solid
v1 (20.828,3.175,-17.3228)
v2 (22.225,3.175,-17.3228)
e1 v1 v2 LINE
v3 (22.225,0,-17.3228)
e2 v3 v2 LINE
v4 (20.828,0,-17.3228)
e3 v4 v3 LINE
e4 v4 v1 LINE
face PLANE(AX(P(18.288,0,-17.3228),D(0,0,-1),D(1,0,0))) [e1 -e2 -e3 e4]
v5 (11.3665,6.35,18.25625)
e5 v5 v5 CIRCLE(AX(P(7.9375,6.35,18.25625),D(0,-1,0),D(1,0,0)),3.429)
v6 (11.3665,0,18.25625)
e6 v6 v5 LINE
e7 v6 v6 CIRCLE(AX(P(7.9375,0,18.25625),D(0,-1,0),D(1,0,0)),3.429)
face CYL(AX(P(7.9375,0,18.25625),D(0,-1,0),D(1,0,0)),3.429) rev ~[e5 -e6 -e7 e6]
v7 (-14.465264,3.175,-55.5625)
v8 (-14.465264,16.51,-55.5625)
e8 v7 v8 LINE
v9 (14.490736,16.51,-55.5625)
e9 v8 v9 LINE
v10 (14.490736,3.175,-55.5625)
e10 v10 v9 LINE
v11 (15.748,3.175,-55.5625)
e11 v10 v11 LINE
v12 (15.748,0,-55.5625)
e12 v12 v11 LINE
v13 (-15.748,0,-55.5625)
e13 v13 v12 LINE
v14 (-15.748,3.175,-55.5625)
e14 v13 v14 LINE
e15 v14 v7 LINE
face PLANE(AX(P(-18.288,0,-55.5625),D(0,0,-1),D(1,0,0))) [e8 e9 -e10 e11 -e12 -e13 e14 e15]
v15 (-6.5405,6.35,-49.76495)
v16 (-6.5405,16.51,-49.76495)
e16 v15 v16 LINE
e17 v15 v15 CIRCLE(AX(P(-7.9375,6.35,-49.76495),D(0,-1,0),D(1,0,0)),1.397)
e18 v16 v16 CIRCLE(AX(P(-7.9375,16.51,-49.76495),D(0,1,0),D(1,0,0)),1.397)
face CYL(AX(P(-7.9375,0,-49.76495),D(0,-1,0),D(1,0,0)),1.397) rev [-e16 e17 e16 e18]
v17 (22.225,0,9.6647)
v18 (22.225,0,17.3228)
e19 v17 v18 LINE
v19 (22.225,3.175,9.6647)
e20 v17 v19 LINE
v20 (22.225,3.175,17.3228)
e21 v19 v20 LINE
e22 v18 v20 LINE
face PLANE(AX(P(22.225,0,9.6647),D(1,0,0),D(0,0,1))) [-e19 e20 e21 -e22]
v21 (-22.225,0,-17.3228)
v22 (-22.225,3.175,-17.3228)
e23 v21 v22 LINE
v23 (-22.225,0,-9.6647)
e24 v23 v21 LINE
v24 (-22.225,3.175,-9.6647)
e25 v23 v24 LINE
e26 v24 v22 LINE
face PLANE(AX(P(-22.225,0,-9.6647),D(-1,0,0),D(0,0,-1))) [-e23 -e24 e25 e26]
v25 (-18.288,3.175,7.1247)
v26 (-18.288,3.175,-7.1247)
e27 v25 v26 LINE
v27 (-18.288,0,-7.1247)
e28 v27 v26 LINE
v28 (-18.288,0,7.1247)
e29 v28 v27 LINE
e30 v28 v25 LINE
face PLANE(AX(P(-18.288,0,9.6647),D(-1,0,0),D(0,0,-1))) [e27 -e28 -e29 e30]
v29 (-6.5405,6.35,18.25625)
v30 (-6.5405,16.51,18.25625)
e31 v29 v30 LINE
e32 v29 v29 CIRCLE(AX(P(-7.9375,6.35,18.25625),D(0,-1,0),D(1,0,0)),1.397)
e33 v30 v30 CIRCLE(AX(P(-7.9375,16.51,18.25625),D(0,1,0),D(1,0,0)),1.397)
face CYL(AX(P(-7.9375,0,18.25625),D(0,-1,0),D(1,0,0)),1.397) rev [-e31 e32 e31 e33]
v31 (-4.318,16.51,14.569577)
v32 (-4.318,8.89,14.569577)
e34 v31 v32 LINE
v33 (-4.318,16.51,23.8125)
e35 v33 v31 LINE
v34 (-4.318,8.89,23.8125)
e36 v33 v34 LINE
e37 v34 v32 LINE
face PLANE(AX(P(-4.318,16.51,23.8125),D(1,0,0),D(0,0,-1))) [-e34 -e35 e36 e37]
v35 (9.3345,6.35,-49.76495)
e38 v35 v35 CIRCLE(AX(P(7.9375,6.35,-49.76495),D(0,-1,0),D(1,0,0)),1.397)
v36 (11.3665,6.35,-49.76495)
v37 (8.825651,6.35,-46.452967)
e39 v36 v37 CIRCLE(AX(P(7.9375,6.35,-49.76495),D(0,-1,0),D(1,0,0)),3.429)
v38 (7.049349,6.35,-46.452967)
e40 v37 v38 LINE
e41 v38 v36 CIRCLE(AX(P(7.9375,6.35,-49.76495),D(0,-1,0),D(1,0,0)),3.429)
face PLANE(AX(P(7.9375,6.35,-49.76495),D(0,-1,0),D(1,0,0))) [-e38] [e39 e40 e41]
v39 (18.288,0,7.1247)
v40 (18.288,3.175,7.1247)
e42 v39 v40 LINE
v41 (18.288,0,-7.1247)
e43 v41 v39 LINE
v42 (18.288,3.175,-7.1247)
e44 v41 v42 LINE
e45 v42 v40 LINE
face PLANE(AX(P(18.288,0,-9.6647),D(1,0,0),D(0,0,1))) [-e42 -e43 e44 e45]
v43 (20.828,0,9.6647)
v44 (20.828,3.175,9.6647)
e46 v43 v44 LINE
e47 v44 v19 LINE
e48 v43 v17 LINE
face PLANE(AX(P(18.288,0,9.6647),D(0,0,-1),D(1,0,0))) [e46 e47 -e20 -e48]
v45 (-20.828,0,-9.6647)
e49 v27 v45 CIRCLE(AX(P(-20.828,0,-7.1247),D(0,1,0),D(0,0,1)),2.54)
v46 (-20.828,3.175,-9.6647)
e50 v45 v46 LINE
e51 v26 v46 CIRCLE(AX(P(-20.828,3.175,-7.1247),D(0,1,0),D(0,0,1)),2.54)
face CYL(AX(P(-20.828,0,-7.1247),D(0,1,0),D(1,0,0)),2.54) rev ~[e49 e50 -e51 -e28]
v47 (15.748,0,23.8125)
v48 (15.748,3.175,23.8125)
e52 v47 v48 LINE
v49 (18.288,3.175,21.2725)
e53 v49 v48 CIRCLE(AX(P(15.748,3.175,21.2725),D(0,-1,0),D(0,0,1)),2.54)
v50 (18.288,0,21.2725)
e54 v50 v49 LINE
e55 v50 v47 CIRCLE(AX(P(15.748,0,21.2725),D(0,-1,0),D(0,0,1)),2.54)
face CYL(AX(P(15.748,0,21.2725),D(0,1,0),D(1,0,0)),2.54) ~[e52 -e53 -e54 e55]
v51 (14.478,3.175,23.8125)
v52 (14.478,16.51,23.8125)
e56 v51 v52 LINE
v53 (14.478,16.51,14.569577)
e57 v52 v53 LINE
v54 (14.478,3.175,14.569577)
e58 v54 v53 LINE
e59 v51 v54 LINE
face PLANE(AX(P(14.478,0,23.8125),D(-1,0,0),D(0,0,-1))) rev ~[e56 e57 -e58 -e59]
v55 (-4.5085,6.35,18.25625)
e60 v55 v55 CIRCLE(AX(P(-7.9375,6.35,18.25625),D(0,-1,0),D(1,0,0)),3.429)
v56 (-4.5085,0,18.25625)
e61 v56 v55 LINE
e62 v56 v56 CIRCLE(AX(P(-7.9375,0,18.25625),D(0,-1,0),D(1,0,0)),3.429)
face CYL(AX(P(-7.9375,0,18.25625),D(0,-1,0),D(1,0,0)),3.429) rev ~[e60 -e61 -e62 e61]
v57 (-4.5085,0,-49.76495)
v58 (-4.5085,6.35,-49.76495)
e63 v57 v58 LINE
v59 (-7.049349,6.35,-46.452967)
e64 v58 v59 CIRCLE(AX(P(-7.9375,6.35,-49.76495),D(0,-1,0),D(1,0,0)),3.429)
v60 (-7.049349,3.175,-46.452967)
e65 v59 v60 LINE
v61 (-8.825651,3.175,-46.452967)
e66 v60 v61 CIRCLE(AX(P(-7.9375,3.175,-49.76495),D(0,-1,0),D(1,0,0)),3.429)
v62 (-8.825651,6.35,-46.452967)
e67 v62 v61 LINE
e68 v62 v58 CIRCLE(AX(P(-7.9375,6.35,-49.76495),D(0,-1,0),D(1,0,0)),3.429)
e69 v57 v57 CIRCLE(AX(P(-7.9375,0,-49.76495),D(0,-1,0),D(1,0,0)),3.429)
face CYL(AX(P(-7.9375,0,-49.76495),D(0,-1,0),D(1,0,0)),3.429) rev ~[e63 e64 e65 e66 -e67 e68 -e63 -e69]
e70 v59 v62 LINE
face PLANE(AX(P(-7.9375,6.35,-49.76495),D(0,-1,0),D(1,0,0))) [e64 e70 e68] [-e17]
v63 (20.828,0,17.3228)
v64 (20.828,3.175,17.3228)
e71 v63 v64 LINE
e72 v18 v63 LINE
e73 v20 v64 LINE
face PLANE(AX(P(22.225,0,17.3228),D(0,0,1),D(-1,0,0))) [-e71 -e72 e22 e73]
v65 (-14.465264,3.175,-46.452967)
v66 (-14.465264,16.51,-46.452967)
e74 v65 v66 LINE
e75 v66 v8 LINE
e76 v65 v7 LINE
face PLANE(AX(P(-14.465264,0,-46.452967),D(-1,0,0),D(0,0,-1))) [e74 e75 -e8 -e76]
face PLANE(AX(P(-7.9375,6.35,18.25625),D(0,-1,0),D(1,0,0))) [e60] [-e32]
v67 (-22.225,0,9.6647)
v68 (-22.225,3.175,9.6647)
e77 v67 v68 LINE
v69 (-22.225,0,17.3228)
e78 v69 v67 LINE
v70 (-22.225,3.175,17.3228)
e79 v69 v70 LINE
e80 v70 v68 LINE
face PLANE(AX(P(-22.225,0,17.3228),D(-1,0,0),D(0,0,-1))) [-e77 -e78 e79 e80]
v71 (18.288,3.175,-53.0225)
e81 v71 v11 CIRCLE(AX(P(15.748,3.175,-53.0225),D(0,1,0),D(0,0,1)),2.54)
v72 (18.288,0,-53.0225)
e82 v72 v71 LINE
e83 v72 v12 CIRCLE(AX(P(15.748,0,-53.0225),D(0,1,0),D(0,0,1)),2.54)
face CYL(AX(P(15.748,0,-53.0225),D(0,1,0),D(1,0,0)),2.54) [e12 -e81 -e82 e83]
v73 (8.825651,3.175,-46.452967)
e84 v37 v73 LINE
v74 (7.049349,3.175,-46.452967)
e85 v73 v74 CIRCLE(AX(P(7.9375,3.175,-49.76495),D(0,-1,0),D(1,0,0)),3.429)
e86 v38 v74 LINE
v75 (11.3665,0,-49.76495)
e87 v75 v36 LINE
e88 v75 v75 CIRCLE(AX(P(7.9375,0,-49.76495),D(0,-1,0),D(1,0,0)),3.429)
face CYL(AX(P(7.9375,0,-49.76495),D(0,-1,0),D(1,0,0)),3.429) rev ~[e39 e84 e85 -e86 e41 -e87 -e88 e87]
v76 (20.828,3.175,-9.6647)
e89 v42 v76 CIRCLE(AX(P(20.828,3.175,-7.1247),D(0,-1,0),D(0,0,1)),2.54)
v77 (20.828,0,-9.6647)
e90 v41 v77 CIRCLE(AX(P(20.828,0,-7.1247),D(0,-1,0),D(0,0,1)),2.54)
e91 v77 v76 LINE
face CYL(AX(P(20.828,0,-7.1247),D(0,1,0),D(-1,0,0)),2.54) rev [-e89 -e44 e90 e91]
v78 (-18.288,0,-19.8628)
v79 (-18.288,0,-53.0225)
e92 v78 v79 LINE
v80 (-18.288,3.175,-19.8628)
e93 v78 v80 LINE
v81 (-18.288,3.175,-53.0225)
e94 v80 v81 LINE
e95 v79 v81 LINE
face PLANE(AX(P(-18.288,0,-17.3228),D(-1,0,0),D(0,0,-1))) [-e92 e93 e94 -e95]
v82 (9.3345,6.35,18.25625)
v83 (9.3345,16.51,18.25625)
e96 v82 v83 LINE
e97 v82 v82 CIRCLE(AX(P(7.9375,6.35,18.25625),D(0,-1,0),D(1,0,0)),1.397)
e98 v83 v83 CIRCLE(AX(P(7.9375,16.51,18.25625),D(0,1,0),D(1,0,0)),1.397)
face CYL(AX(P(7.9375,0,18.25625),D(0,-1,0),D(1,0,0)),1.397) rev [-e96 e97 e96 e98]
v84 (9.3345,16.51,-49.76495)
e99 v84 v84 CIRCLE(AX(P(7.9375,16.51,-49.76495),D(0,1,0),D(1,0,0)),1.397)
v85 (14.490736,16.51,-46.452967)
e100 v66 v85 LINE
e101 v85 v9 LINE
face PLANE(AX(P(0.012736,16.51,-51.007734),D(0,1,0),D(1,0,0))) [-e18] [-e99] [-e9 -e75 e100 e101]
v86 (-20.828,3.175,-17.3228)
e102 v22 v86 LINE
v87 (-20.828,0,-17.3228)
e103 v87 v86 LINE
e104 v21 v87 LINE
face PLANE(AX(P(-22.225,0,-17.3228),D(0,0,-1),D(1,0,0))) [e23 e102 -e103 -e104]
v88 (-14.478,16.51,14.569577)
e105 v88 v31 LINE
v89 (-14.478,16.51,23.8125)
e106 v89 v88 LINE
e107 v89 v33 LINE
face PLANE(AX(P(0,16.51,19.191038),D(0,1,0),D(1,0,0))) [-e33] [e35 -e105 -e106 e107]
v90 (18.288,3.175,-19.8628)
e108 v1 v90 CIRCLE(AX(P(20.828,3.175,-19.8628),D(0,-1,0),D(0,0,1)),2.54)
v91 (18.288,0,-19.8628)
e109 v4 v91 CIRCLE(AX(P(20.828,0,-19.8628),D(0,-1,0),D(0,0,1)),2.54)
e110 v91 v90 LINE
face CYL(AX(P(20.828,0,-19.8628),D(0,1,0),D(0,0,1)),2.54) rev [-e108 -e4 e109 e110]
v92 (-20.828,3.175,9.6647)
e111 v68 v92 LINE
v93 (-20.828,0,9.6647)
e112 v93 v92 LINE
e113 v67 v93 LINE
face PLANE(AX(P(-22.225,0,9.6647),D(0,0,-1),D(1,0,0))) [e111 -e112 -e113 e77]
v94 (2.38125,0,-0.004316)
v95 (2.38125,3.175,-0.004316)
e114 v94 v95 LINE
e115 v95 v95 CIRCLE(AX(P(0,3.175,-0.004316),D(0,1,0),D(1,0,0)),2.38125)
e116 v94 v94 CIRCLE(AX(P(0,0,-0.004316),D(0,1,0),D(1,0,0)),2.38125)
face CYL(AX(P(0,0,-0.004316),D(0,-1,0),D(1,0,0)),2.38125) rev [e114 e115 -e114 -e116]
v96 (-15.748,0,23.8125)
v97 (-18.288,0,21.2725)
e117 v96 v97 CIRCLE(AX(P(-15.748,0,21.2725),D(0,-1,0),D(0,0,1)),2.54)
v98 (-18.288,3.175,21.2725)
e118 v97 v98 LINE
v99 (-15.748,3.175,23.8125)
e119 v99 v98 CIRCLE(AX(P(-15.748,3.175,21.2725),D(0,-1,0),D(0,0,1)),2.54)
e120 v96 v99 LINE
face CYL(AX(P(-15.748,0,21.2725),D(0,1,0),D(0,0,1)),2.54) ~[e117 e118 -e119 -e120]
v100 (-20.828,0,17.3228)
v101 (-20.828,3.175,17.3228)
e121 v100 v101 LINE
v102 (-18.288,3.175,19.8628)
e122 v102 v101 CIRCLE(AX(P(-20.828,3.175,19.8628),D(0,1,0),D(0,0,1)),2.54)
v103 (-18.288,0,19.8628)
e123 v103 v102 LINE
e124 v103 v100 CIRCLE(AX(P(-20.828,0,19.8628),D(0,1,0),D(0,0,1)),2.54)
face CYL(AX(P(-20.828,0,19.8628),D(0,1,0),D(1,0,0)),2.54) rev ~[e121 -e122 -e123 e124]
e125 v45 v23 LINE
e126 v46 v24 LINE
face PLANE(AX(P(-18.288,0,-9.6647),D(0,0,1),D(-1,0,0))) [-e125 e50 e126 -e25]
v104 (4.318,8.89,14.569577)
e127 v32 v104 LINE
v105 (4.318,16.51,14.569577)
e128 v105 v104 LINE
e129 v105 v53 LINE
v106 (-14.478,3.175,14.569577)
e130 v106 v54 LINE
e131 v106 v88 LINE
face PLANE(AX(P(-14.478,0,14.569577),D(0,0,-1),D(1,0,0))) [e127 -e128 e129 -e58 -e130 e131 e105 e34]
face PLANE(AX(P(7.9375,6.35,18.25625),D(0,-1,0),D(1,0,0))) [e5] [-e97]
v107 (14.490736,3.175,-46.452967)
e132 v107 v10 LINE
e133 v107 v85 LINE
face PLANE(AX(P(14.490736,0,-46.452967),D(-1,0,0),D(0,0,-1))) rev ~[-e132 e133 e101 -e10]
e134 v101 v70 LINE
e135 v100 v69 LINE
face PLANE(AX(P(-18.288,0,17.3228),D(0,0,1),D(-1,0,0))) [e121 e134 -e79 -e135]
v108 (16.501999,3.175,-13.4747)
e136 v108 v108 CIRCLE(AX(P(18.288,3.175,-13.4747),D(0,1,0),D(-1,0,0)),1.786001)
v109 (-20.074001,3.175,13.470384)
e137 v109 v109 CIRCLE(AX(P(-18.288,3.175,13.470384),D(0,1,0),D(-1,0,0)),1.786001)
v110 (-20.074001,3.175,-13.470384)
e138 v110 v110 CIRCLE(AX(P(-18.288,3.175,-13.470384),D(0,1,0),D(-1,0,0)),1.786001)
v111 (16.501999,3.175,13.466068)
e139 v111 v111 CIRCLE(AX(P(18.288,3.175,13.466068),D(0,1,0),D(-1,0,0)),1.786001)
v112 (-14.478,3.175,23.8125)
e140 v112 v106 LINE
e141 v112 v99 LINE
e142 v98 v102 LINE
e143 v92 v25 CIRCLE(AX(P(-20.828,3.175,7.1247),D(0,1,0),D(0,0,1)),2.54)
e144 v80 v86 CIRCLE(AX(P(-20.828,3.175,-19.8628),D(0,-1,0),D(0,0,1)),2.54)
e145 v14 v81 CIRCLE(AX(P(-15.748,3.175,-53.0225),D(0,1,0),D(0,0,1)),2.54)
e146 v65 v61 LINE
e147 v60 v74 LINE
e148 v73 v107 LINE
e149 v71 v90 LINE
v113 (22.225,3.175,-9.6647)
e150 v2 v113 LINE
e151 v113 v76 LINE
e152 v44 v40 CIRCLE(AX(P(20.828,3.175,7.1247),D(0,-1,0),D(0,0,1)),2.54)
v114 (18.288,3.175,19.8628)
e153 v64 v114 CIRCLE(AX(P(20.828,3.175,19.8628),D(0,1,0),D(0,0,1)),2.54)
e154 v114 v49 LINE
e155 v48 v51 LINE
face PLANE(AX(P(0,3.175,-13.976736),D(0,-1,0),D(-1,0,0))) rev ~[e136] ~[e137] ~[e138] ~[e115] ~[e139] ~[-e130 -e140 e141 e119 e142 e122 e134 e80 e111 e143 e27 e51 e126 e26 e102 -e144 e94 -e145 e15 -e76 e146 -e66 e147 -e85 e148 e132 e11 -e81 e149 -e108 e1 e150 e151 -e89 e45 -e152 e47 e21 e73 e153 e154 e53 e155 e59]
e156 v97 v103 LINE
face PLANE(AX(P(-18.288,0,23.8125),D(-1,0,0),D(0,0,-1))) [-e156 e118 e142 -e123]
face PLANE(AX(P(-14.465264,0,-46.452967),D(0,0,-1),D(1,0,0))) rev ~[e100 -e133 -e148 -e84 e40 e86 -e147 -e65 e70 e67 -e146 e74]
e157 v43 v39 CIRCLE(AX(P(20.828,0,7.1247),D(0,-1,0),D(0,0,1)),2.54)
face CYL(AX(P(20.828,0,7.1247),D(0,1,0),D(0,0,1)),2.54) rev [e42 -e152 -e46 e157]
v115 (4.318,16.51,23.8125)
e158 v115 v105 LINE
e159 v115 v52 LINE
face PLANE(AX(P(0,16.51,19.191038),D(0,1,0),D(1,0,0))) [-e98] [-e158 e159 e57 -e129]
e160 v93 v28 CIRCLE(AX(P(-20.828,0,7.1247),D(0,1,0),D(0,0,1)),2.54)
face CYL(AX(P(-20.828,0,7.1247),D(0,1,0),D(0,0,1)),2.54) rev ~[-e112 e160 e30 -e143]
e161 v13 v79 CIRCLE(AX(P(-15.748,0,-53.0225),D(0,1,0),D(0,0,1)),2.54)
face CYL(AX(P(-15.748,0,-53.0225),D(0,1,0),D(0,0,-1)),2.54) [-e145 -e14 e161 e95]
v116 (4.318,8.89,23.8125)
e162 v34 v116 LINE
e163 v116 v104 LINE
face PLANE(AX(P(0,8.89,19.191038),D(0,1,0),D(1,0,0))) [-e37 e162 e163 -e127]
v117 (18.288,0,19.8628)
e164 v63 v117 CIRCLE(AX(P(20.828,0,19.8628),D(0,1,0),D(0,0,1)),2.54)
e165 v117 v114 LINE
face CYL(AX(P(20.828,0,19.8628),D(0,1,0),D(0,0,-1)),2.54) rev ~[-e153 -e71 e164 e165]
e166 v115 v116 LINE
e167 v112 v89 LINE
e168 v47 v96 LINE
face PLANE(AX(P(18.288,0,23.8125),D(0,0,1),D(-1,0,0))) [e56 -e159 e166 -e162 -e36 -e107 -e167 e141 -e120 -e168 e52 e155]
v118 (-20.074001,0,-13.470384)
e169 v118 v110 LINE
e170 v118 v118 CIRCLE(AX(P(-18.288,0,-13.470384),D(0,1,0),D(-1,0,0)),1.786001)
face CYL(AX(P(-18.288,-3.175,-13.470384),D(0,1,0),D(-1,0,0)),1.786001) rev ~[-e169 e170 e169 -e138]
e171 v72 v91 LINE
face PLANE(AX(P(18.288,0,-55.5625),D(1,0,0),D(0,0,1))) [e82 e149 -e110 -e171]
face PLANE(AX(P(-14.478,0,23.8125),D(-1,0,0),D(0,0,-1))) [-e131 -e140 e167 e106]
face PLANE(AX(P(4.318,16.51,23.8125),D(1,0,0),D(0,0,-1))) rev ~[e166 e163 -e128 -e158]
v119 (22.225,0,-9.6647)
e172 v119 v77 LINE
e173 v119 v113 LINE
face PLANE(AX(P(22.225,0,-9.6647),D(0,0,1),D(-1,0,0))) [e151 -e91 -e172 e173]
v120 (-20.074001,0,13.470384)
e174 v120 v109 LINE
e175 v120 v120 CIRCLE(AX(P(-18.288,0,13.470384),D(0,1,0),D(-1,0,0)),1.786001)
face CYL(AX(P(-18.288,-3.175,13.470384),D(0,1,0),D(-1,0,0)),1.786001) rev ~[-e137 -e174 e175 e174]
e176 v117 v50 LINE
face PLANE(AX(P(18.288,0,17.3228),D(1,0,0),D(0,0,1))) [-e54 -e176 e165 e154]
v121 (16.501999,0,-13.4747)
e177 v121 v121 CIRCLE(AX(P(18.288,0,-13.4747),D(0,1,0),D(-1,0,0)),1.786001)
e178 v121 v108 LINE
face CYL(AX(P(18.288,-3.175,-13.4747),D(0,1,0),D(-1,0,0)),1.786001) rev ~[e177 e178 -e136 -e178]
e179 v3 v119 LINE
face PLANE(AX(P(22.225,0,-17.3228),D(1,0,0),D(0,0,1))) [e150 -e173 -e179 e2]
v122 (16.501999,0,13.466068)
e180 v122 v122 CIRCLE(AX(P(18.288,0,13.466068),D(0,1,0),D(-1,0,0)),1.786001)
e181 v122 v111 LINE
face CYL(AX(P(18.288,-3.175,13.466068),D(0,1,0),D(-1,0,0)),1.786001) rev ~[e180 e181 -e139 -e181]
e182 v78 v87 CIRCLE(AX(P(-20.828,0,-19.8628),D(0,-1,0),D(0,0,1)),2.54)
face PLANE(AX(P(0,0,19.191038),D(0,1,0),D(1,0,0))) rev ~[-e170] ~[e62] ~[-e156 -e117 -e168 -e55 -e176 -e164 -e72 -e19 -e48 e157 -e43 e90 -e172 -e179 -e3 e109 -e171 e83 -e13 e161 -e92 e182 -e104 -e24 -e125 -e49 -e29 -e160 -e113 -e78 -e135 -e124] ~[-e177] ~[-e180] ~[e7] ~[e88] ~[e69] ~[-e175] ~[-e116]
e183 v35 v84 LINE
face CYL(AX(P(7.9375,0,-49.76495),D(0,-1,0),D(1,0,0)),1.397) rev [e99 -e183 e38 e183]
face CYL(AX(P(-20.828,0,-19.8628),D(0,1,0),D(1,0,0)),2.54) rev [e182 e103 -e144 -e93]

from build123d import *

# Parameters (mm, degrees)
SKETCH1_R                           = 2.38125
BOSS_EXTRUDE1_DEPTH                 = 3.175
F_9_64_0_14063_DIAMETER_HOLE1_D     = 3.572002
F_9_64_0_14063_DIAMETER_HOLE1_DEPTH = 3.175
FILLET1_R                           = 2.54
SKETCH9_W                           = 28.956
SKETCH9_H                           = 9.242923456
SKETCH9_R                           = 1.397
SKETCH9_H_2                         = 9.1095327
BOSS_EXTRUDE3_DEPTH                 = 16.51
SKETCH10_R                          = 3.429
CUT_EXTRUDE1_DEPTH                  = 6.35
SKETCH11_W                          = 8.636
SKETCH11_H                          = 9.242923456
CUT_EXTRUDE2_DEPTH                  = 7.62


with BuildPart() as part:
    # Sketch1 → Boss-Extrude1 (new body)
    with BuildSketch(Plane(origin=(0, 0, 0), x_dir=(1, 0, 0), z_dir=(0, 1, 0))):
        Polygon((18.288, -9.6647), (22.225, -9.6647), (22.225, -17.3228), (18.288, -17.3228), (18.288, -23.8125), (-18.288, -23.8125), (-18.288, -17.3228), (-22.225, -17.3228), (-22.225, -9.6647), (-18.288, -9.6647), (-18.288, 9.6647), (-22.225, 9.6647), (-22.225, 17.3228), (-18.288, 17.3228), (-18.288, 55.5625), (18.288, 55.5625), (18.288, 17.3228), (22.225, 17.3228), (22.225, 9.6647), (18.288, 9.6647), align=None)
        with Locations((0, 0.004315819)):
            Circle(SKETCH1_R, mode=Mode.SUBTRACT)
    extrude(amount=BOSS_EXTRUDE1_DEPTH)

    # 9/64 (0.14063) Diameter Hole1
    with Locations(Plane.XZ):
        with Locations((18.287999999, -13.474700001), (18.288, 13.466068362), (-18.288, -13.470384182), (-18.288, 13.470384182)):
            Hole(F_9_64_0_14063_DIAMETER_HOLE1_D / 2, depth=F_9_64_0_14063_DIAMETER_HOLE1_DEPTH)

    # Fillet1
    fillet1_edges = [part.edges().sort_by_distance(p)[0] for p in [
        (18.288, 1.5875, 23.8125),
        (-18.288, 1.5875, 23.8125),
        (-18.288, 1.5875, 17.3228),
        (-18.288, 1.5875, 9.6647),
        (-18.288, 1.5875, -9.6647),
        (-18.288, 1.5875, -17.3228),
        (-18.288, 1.5875, -55.5625),
        (18.288, 1.5875, -55.5625),
        (18.288, 1.5875, -17.3228),
        (18.288, 1.5875, -9.6647),
        (18.288, 1.5875, 9.6647),
        (18.288, 1.5875, 17.3228),
    ]]
    fillet(fillet1_edges, radius=FILLET1_R)

    # Sketch9 → Boss-Extrude3 (add)
    with BuildSketch(Plane(origin=(0, 0, 0), x_dir=(1, 0, 0), z_dir=(0, 1, 0))):
        with Locations((0, -19.191038272)):
            Rectangle(SKETCH9_W, SKETCH9_H)
        with Locations((-7.9375, -18.25625)):
            Circle(SKETCH9_R, mode=Mode.SUBTRACT)
        with Locations((7.9375, -18.25625)):
            Circle(SKETCH9_R, mode=Mode.SUBTRACT)
        with Locations((0.012736117, 51.00773365)):
            Rectangle(SKETCH9_W, SKETCH9_H_2)
        with Locations((-7.9375, 49.76495)):
            Circle(SKETCH9_R, mode=Mode.SUBTRACT)
        with Locations((7.9375, 49.76495)):
            Circle(SKETCH9_R, mode=Mode.SUBTRACT)
    extrude(amount=BOSS_EXTRUDE3_DEPTH)

    # Sketch10 → Cut-Extrude1 (cut)
    with BuildSketch(Plane.XZ):
        with Locations((7.9375, 18.25625)):
            Circle(SKETCH10_R)
        with Locations((-7.9375, 18.25625)):
            Circle(SKETCH10_R)
        with Locations((7.9375, -49.76495)):
            Circle(SKETCH10_R)
        with Locations((-7.9375, -49.76495)):
            Circle(SKETCH10_R)
    extrude(amount=-CUT_EXTRUDE1_DEPTH, mode=Mode.SUBTRACT)

    # Sketch11 → Cut-Extrude2 (cut)
    with BuildSketch(Plane(origin=(0, 16.51, 0), x_dir=(1, 0, 0), z_dir=(0, 1, 0))):
        with Locations((0, -19.191038272)):
            Rectangle(SKETCH11_W, SKETCH11_H)
    extrude(amount=-CUT_EXTRUDE2_DEPTH, mode=Mode.SUBTRACT)


solid = part.part
